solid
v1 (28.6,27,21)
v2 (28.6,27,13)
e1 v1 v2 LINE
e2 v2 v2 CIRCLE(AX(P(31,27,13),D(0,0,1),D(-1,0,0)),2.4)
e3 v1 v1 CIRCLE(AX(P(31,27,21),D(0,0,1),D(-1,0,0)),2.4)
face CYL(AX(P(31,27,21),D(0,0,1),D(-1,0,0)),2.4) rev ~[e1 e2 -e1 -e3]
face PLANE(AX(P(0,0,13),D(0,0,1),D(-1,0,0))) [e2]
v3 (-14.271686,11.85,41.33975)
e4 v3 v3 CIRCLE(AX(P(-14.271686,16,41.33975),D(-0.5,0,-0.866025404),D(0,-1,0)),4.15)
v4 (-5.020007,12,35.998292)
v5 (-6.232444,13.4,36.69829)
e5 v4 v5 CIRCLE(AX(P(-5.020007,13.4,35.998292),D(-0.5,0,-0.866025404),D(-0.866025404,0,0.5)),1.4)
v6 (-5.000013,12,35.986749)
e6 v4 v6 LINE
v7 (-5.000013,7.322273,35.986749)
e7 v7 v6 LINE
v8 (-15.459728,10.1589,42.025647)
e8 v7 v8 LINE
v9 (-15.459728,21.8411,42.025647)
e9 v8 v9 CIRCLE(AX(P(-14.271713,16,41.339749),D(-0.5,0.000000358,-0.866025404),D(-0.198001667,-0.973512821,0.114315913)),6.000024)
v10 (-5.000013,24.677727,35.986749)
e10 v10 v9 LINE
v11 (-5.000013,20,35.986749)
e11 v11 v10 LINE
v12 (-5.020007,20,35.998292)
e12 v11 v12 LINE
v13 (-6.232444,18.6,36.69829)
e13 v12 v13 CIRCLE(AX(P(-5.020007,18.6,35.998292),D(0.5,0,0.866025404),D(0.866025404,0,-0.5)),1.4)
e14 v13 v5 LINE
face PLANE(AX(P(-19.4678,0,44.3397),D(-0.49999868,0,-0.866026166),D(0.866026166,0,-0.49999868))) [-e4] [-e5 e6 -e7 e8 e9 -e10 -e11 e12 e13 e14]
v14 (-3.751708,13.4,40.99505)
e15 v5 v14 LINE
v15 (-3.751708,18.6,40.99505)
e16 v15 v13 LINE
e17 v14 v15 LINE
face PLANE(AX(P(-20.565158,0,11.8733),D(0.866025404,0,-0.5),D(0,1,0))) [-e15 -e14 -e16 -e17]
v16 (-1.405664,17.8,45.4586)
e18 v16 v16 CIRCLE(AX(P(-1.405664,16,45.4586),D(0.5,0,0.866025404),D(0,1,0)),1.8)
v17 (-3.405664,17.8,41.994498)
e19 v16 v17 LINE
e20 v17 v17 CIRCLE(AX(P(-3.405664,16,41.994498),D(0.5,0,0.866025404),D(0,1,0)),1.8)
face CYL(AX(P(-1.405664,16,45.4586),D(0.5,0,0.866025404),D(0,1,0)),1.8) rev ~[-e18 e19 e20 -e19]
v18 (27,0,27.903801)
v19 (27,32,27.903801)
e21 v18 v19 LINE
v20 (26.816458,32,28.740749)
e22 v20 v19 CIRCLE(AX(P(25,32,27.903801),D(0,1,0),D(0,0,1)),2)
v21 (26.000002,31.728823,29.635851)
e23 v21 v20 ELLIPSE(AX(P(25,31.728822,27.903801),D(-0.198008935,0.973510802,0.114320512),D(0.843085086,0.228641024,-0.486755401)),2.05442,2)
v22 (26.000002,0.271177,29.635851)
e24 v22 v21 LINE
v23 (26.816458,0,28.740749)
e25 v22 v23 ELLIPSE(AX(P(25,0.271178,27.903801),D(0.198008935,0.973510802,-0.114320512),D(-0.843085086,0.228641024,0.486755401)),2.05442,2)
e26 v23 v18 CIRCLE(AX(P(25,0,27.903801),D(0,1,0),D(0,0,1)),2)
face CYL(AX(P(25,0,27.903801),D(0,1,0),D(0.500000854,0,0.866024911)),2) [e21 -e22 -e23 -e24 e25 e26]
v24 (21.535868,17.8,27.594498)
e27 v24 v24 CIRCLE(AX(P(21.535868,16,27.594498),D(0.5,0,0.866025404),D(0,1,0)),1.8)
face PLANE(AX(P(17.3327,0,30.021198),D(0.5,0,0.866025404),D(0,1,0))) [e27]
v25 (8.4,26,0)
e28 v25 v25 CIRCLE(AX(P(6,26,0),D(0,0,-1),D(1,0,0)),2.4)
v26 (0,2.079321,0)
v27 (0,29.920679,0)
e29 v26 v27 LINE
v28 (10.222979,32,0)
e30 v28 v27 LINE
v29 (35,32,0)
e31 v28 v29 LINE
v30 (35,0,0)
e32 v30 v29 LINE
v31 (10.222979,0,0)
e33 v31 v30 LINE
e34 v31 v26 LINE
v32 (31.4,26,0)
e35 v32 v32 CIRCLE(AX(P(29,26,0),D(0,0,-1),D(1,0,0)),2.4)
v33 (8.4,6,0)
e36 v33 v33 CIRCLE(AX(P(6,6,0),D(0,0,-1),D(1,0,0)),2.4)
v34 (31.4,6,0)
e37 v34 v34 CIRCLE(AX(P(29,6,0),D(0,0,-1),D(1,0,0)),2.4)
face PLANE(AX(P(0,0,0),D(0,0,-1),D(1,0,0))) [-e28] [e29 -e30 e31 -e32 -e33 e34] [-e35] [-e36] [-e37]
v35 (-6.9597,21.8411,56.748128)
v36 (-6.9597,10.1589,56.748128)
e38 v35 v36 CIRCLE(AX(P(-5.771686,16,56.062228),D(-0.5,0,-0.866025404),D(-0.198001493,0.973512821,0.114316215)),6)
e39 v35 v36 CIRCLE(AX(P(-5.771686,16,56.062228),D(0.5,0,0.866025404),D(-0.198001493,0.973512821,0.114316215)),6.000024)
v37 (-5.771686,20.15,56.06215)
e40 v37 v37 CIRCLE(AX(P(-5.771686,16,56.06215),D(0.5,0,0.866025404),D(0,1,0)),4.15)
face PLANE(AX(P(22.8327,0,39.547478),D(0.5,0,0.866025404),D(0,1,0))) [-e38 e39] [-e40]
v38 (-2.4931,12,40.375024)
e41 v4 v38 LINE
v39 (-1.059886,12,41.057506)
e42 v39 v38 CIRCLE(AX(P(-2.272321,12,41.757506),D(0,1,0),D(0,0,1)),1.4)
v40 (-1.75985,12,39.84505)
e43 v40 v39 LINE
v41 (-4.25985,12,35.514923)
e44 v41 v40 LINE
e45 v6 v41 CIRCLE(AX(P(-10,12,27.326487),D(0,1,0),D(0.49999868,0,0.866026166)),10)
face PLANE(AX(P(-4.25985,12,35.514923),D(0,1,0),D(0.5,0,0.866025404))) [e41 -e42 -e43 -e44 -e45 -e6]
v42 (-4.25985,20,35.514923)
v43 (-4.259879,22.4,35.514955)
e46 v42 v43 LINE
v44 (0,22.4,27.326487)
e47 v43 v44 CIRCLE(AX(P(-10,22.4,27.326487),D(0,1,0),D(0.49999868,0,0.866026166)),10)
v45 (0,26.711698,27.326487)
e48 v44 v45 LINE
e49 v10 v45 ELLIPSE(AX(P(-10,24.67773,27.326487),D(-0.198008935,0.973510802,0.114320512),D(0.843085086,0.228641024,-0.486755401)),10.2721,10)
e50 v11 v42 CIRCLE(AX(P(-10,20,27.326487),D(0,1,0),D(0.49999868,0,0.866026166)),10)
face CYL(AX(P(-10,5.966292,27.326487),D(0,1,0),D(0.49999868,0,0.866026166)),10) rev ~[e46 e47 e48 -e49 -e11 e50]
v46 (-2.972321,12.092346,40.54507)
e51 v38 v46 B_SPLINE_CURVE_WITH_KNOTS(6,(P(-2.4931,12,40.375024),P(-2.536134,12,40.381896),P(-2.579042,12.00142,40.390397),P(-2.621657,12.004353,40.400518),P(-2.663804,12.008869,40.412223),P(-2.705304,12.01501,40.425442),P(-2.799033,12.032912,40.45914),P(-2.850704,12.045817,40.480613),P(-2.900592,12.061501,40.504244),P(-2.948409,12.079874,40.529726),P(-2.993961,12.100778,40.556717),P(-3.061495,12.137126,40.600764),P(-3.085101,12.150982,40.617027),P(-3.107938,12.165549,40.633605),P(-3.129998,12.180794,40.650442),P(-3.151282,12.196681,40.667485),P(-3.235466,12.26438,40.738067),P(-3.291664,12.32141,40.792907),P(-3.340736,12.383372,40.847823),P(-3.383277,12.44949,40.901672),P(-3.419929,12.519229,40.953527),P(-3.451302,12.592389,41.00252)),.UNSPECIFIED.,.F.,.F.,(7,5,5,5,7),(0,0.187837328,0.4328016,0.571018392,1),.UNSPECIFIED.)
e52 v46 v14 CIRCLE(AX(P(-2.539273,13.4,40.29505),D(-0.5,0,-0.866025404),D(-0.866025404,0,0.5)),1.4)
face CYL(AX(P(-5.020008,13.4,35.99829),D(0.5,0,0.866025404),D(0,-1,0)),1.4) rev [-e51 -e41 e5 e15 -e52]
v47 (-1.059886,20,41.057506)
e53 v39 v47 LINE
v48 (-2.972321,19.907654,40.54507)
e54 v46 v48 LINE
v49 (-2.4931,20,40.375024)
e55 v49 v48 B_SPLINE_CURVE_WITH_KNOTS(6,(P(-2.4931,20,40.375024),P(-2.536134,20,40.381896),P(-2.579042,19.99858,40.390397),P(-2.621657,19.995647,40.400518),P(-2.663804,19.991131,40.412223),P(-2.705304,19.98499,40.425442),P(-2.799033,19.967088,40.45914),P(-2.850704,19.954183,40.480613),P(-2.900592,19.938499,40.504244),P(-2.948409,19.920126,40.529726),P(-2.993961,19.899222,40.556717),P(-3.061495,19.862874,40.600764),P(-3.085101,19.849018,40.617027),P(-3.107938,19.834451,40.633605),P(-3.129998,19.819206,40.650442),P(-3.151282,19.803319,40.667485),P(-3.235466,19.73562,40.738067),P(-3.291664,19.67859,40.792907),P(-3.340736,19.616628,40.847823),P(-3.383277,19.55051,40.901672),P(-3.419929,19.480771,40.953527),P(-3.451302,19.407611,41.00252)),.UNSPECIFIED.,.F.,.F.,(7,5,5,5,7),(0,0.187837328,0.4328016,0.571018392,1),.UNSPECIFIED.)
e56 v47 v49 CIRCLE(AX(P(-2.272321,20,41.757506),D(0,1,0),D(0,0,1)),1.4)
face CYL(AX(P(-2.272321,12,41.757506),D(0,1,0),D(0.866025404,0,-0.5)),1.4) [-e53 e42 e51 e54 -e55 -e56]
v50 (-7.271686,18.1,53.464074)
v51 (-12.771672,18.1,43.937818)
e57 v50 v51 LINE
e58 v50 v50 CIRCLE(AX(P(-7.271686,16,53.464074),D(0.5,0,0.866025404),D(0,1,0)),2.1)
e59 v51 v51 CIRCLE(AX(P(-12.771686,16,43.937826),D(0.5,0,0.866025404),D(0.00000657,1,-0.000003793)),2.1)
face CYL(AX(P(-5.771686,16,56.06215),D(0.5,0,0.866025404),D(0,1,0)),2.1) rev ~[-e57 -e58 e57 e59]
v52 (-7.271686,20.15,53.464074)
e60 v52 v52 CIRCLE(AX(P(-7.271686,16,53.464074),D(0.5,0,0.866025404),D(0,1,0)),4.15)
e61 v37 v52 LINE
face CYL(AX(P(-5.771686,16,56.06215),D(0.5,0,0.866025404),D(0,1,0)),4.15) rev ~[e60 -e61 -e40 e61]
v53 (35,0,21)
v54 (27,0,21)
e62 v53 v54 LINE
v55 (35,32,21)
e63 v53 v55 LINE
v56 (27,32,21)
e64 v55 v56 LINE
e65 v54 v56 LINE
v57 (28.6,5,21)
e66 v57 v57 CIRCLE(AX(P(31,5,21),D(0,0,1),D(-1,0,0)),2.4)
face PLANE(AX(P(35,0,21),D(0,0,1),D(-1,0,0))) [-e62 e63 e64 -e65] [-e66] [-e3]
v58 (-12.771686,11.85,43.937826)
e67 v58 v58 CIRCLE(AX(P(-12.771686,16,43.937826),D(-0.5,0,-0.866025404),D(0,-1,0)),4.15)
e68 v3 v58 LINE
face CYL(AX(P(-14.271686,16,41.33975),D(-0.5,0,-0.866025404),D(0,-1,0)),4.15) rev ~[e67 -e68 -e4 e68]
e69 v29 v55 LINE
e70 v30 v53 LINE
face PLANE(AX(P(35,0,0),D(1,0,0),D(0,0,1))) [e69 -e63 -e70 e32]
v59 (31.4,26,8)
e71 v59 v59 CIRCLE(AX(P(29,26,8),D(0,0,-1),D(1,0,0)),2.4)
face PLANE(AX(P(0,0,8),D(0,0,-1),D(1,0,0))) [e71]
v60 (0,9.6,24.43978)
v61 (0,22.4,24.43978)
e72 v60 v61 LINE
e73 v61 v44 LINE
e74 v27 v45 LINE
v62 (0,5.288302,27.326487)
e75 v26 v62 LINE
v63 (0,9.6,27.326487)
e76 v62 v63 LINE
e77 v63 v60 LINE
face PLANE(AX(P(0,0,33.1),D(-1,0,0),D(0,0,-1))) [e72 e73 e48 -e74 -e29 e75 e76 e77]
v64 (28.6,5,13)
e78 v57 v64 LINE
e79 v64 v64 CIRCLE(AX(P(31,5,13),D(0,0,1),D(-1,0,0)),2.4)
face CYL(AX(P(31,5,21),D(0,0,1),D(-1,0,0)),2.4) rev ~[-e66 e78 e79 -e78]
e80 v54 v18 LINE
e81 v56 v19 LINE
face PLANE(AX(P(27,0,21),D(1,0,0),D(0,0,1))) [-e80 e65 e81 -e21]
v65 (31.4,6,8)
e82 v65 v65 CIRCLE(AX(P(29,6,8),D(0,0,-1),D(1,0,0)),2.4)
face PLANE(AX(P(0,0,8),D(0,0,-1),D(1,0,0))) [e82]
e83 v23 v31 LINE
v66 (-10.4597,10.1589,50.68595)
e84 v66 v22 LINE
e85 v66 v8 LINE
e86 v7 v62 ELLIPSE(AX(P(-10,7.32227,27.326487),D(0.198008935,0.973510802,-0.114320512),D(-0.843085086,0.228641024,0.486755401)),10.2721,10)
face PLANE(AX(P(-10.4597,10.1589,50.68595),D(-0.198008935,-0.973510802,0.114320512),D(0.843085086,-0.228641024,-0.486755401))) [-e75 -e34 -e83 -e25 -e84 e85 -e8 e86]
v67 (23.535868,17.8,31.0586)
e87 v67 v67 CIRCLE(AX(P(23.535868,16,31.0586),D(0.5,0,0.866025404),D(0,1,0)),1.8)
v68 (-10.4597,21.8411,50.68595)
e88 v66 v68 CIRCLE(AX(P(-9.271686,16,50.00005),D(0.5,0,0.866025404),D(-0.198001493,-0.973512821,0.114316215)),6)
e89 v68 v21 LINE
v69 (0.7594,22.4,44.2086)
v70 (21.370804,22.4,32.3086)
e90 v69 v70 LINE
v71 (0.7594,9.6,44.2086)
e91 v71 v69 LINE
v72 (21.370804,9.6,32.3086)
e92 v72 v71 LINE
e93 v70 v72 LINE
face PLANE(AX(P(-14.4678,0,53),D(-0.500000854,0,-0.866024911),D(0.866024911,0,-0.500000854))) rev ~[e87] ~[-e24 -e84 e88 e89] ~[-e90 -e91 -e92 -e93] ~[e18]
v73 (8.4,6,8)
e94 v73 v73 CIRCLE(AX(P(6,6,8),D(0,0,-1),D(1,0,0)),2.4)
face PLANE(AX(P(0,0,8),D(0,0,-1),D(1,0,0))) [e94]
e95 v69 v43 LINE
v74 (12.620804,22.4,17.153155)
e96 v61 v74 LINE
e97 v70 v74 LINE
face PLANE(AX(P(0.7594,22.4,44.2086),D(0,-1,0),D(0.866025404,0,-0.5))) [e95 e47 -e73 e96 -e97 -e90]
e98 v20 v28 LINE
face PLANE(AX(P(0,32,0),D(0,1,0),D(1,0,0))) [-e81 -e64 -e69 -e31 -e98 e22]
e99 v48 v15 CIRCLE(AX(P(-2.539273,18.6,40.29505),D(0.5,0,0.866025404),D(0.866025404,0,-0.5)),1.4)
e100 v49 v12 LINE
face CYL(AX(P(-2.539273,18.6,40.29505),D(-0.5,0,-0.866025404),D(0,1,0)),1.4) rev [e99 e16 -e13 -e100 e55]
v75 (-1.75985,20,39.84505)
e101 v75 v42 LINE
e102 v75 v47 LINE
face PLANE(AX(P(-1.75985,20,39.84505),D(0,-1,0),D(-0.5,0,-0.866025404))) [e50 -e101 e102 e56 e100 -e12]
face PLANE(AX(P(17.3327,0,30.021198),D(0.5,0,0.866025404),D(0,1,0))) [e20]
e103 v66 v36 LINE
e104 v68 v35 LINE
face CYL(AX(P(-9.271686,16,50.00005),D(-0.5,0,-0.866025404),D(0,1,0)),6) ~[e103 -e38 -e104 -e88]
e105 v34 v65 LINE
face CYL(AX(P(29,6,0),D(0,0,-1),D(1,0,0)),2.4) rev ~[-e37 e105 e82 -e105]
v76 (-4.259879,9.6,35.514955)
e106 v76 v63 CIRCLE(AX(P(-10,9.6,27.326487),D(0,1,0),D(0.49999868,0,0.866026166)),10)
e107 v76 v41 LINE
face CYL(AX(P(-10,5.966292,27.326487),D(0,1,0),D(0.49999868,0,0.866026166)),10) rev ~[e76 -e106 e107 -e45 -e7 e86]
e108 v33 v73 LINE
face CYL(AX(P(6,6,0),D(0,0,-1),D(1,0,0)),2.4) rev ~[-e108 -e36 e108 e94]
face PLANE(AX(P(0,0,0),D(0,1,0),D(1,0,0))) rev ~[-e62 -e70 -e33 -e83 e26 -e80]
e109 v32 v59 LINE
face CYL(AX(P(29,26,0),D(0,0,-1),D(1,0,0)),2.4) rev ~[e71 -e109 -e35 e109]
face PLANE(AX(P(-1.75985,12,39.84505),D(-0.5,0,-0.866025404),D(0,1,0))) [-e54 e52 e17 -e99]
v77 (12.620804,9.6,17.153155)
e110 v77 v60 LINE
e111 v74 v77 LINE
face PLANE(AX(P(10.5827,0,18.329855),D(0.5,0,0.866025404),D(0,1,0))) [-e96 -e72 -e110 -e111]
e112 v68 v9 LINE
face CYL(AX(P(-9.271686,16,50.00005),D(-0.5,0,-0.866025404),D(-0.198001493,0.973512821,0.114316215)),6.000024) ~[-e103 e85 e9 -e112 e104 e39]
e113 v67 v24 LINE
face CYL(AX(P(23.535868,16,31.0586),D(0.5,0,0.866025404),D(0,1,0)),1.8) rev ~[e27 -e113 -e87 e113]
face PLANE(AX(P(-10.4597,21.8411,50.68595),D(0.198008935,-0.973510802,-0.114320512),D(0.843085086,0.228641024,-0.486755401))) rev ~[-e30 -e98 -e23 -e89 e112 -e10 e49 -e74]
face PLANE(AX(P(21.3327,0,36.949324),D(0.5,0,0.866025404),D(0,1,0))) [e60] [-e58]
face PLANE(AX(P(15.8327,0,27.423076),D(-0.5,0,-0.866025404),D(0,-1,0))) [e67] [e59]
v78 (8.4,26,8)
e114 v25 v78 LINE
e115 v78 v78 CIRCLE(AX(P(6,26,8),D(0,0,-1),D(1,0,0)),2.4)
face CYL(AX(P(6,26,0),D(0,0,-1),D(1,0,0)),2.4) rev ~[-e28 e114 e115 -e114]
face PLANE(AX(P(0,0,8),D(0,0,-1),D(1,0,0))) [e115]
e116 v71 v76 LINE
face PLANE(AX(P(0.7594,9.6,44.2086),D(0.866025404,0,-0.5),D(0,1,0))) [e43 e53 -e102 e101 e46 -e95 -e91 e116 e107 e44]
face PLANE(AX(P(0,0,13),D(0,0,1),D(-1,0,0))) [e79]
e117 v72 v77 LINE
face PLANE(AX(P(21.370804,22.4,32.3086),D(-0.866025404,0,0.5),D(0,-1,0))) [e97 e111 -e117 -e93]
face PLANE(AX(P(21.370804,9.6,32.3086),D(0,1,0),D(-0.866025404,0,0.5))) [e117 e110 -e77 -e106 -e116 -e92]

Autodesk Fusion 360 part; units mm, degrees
sketch "Main" plane through (0, 0, 0) normal (0, 1, 0) x (1, 0, 0)
  line L0 (0, 0) -> (35, 0)
  line L1 (35, 0) -> (35, -21)
  line L2 (-19.4678, -44.3397) -> (-14.4678, -53)
  line L3 (-19.4678, -44.3397) -> (0, -33.1)
  line L4 (0, -33.1) -> (0, 0)
  line L5 (-14.4678, -53) -> (27, -29.0585)
  line L6 (35, -21) -> (27, -21)
  line L7 (27, -21) -> (27, -29.0585)
  dimension "d1" = 35
  dimension "d2" = 21
  dimension "d4" = 10
  dimension "d5" = 60
  dimension "d7" = 53
  dimension "d34" = 33.1
  dimension "d35" = 8
extrude "Extrude1" add sketch "Main" along normal blind 32
sketch "Upper Cut " plane through (19.3327, 0, 33.4853) normal (0.5, 0, 0.866) x (0, 1, 0)
  line L0 (0, 39.0295) -> (0, -8.8534)
  line L1 (32, -8.8534) -> (32, 39.0295)
  line L2 (32, 39.0295) -> (0, 39.0295)
  line L3 (0, -30.3109) -> (32, -30.3109) construction
  line L4 (16, 39.0295) -> (16, -30.3109) construction
  arc A0 (21.8411, 34.4013) -> (10.1589, 34.4013) centre (16, 33.0295) ccw
  line L5 (10.1589, 34.4013) -> (0, -8.8534)
  line L6 (21.8411, 34.4013) -> (32, -8.8534)
  line L7 (0, -8.8534) -> (32, -8.8534)
  dimension "d11" = 6
extrude "Extrude2" cut sketch "Upper Cut " against normal blind 43 contours L0 L2 A0 L5 | L1 L2 A0 L6
sketch "Tube Extension" plane through (19.3327, 0, 33.4853) normal (0.5, 0, 0.866) x (0, 1, 0)
  line L0 (32, -8.8534) -> (21.8411, 34.4013)
  arc A0 (21.8411, 34.4013) -> (10.1589, 34.4013) centre (16, 33.0295) ccw
  line L1 (10.1589, 34.4013) -> (0, -8.8534)
  circle A1 centre (16, 33.0295) radius 6
  line L2 (0, -8.8534) -> (32, -8.8534)
  dimension "d14" = 12
extrude "Extrude3" add sketch "Tube Extension" along normal blind 7 contours A0 A1
sketch "Tube Hole" plane through (22.8327, 0, 39.5474) normal (0.5, 0, 0.866) x (0, 1, 0)
  circle A0 centre (16, 33.0295) radius 6
  circle A1 centre (16, 33.0295) radius 2.1
  dimension "d17" = 4.2
extrude "Extrude4" cut sketch "Tube Hole" against normal up to surface (17 mm away) contours A1
fillet "Fillet1" radius 10 1 edges at (0, 16, 33.1)
sketch "Servo Holes" plane through (19.3327, 0, 33.4853) normal (0.5, 0, 0.866) x (0, 1, 0)
  arc A0 (10.1589, 34.4013) -> (21.8411, 34.4013) centre (16, 33.0295) ccw
  line L0 (10.1589, 34.4013) -> (0, -8.8534)
  line L1 (32, -8.8534) -> (21.8411, 34.4013)
  line L2 (16, 27.0295) -> (16, -8.8534) construction
  line L3 (9.6, 21.4466) -> (22.4, 21.4466)
  line L4 (22.4, 21.4466) -> (22.4, -2.3534)
  line L5 (22.4, -2.3534) -> (9.6, -2.3534)
  line L6 (9.6, -2.3534) -> (9.6, 21.4466)
  circle A1 centre (16, 23.9466) radius 1.8
  circle A2 centre (16, -4.8534) radius 1.8
  line L7 (0, -8.8534) -> (32, -8.8534)
  dimension "d22" = 12.8
  dimension "d23" = 23.8
  dimension "d24" = 6.4
  dimension "d28" = 3.6
  dimension "d29" = 3.6
  dimension "d30" = 28.8
  dimension "d31" = 2.5
  dimension "d36" = 6.5
extrude "Extrude5" cut sketch "Servo Holes" against normal blind 17.5 contours L3 L4 L5 L6
extrude "Extrude6" cut sketch "Servo Holes" against normal blind 4 contours A1 | A2
fillet "Fillet3" radius 2 1 edges at (27, 16, 29.0585)
sketch "Top Plate Holes" plane through (0, 0, 21) normal (0, 0, 1) x (-1, 0, 0)
  line L0 (-27, 0) -> (-35, 0)
  line L1 (-35, 0) -> (-35, -32)
  line L2 (-35, -32) -> (-27, -32)
  line L3 (-27, -32) -> (-27, 0)
  line L4 (-31, -32) -> (-31, 0) construction
  circle A0 centre (-31, -27) radius 2.4
  circle A1 centre (-31, -5) radius 2.4
  dimension "d41" = 4.8
  dimension "d42" = 4.8
  dimension "d44" = 22
  dimension "d45" = 5
extrude "Extrude7" cut sketch "Top Plate Holes" against normal blind 8 contours A0 | A1
sketch "Base Holes" plane through (0, 0, 0) normal (0, 0, -1) x (1, 0, 0)
  line L0 (10.223, 0) -> (0, -2.0793)
  line L1 (0, -2.0793) -> (0, -29.9207)
  line L2 (0, -29.9207) -> (10.223, -32)
  line L3 (10.223, -32) -> (35, -32)
  line L4 (35, -32) -> (35, 0)
  line L5 (35, 0) -> (10.223, 0)
  circle A0 centre (6, -6) radius 2.4
  circle A1 centre (29, -6) radius 2.4
  circle A2 centre (6, -26) radius 2.4
  circle A3 centre (29, -26) radius 2.4
  dimension "d59" = 4.8
  dimension "d61" = 6
  dimension "d62" = 6
  dimension "d65" = 23
  dimension "d66" = -20
extrude "Extrude8" cut sketch "Base Holes" against normal blind 8 contours A0 | A1 | A2 | A3
sketch "Servo Wires " plane through (-18.5733, 0, 10.7233) normal (0.866, 0, -0.5) x (0, 1, 0)
  line L0 (9.6, 28.6269) -> (22.4, 28.6269)
  line L1 (22.4, 28.6269) -> (22.4, 38.6654)
  line L2 (22.4, 38.6654) -> (9.6, 38.6654)
  line L3 (9.6, 38.6654) -> (9.6, 28.6269)
  line L4 (12, 33.6269) -> (20, 33.6269)
  line L5 (20, 33.6269) -> (20, 28.6269)
  line L6 (20, 28.6269) -> (12, 28.6269)
  line L7 (12, 28.6269) -> (12, 33.6269)
  dimension "d93" = 8
  dimension "d94" = 2.4
  dimension "d95" = 5
extrude "Extrude9" cut sketch "Servo Wires " against normal blind 2.3 contours L0 L4 L5 L6 L7
fillet "Fillet4" radius 1.4 3 edges at (-1.7598, 16, 39.8451) (-4.9921, 12, 38.8467) (-4.9921, 20, 38.8467)
sketch "Sketch11" plane through (22.8327, 0, 39.5474) normal (0.5, 0, 0.866) x (0, 1, 0)
  circle A0 centre (16, 33.0295) radius 2.1
  circle A1 centre (16, 33.0295) radius 6
  circle A2 centre (16, 33.0295) radius 4.15
  dimension "d100" = 8.3
extrude "Extrude10" cut sketch "Sketch11" against normal blind 3 contours A2
sketch "Sketch12" plane through (14.3327, 0, 24.825) normal (-0.5, 0, -0.866) x (0, -1, 0)
  line L0 (-12, 22.3466) -> (-12, 22.3235)
  line L1 (-12, 22.3235) -> (-7.3223, 22.3235)
  line L2 (-7.3223, 22.3235) -> (-10.1589, 34.4013)
  arc A0 (-10.1589, 34.4013) -> (-21.8411, 34.4013) centre (-16, 33.0295) ccw
  line L3 (-21.8411, 34.4013) -> (-24.6777, 22.3235)
  line L4 (-24.6777, 22.3235) -> (-20, 22.3235)
  line L5 (-20, 22.3235) -> (-20, 22.3466)
  arc A1 (-18.6, 23.7466) -> (-20, 22.3466) centre (-18.6, 22.3466) ccw
  line L6 (-18.6, 23.7466) -> (-13.4, 23.7466)
  arc A2 (-12, 22.3466) -> (-13.4, 23.7466) centre (-13.4, 22.3466) ccw
  circle A3 centre (-16, 33.0295) radius 2.1
  circle A4 centre (-16, 33.0295) radius 4.15
  dimension "d103" = 8.3
extrude "Extrude11" cut sketch "Sketch12" against normal blind 3 contours A4
